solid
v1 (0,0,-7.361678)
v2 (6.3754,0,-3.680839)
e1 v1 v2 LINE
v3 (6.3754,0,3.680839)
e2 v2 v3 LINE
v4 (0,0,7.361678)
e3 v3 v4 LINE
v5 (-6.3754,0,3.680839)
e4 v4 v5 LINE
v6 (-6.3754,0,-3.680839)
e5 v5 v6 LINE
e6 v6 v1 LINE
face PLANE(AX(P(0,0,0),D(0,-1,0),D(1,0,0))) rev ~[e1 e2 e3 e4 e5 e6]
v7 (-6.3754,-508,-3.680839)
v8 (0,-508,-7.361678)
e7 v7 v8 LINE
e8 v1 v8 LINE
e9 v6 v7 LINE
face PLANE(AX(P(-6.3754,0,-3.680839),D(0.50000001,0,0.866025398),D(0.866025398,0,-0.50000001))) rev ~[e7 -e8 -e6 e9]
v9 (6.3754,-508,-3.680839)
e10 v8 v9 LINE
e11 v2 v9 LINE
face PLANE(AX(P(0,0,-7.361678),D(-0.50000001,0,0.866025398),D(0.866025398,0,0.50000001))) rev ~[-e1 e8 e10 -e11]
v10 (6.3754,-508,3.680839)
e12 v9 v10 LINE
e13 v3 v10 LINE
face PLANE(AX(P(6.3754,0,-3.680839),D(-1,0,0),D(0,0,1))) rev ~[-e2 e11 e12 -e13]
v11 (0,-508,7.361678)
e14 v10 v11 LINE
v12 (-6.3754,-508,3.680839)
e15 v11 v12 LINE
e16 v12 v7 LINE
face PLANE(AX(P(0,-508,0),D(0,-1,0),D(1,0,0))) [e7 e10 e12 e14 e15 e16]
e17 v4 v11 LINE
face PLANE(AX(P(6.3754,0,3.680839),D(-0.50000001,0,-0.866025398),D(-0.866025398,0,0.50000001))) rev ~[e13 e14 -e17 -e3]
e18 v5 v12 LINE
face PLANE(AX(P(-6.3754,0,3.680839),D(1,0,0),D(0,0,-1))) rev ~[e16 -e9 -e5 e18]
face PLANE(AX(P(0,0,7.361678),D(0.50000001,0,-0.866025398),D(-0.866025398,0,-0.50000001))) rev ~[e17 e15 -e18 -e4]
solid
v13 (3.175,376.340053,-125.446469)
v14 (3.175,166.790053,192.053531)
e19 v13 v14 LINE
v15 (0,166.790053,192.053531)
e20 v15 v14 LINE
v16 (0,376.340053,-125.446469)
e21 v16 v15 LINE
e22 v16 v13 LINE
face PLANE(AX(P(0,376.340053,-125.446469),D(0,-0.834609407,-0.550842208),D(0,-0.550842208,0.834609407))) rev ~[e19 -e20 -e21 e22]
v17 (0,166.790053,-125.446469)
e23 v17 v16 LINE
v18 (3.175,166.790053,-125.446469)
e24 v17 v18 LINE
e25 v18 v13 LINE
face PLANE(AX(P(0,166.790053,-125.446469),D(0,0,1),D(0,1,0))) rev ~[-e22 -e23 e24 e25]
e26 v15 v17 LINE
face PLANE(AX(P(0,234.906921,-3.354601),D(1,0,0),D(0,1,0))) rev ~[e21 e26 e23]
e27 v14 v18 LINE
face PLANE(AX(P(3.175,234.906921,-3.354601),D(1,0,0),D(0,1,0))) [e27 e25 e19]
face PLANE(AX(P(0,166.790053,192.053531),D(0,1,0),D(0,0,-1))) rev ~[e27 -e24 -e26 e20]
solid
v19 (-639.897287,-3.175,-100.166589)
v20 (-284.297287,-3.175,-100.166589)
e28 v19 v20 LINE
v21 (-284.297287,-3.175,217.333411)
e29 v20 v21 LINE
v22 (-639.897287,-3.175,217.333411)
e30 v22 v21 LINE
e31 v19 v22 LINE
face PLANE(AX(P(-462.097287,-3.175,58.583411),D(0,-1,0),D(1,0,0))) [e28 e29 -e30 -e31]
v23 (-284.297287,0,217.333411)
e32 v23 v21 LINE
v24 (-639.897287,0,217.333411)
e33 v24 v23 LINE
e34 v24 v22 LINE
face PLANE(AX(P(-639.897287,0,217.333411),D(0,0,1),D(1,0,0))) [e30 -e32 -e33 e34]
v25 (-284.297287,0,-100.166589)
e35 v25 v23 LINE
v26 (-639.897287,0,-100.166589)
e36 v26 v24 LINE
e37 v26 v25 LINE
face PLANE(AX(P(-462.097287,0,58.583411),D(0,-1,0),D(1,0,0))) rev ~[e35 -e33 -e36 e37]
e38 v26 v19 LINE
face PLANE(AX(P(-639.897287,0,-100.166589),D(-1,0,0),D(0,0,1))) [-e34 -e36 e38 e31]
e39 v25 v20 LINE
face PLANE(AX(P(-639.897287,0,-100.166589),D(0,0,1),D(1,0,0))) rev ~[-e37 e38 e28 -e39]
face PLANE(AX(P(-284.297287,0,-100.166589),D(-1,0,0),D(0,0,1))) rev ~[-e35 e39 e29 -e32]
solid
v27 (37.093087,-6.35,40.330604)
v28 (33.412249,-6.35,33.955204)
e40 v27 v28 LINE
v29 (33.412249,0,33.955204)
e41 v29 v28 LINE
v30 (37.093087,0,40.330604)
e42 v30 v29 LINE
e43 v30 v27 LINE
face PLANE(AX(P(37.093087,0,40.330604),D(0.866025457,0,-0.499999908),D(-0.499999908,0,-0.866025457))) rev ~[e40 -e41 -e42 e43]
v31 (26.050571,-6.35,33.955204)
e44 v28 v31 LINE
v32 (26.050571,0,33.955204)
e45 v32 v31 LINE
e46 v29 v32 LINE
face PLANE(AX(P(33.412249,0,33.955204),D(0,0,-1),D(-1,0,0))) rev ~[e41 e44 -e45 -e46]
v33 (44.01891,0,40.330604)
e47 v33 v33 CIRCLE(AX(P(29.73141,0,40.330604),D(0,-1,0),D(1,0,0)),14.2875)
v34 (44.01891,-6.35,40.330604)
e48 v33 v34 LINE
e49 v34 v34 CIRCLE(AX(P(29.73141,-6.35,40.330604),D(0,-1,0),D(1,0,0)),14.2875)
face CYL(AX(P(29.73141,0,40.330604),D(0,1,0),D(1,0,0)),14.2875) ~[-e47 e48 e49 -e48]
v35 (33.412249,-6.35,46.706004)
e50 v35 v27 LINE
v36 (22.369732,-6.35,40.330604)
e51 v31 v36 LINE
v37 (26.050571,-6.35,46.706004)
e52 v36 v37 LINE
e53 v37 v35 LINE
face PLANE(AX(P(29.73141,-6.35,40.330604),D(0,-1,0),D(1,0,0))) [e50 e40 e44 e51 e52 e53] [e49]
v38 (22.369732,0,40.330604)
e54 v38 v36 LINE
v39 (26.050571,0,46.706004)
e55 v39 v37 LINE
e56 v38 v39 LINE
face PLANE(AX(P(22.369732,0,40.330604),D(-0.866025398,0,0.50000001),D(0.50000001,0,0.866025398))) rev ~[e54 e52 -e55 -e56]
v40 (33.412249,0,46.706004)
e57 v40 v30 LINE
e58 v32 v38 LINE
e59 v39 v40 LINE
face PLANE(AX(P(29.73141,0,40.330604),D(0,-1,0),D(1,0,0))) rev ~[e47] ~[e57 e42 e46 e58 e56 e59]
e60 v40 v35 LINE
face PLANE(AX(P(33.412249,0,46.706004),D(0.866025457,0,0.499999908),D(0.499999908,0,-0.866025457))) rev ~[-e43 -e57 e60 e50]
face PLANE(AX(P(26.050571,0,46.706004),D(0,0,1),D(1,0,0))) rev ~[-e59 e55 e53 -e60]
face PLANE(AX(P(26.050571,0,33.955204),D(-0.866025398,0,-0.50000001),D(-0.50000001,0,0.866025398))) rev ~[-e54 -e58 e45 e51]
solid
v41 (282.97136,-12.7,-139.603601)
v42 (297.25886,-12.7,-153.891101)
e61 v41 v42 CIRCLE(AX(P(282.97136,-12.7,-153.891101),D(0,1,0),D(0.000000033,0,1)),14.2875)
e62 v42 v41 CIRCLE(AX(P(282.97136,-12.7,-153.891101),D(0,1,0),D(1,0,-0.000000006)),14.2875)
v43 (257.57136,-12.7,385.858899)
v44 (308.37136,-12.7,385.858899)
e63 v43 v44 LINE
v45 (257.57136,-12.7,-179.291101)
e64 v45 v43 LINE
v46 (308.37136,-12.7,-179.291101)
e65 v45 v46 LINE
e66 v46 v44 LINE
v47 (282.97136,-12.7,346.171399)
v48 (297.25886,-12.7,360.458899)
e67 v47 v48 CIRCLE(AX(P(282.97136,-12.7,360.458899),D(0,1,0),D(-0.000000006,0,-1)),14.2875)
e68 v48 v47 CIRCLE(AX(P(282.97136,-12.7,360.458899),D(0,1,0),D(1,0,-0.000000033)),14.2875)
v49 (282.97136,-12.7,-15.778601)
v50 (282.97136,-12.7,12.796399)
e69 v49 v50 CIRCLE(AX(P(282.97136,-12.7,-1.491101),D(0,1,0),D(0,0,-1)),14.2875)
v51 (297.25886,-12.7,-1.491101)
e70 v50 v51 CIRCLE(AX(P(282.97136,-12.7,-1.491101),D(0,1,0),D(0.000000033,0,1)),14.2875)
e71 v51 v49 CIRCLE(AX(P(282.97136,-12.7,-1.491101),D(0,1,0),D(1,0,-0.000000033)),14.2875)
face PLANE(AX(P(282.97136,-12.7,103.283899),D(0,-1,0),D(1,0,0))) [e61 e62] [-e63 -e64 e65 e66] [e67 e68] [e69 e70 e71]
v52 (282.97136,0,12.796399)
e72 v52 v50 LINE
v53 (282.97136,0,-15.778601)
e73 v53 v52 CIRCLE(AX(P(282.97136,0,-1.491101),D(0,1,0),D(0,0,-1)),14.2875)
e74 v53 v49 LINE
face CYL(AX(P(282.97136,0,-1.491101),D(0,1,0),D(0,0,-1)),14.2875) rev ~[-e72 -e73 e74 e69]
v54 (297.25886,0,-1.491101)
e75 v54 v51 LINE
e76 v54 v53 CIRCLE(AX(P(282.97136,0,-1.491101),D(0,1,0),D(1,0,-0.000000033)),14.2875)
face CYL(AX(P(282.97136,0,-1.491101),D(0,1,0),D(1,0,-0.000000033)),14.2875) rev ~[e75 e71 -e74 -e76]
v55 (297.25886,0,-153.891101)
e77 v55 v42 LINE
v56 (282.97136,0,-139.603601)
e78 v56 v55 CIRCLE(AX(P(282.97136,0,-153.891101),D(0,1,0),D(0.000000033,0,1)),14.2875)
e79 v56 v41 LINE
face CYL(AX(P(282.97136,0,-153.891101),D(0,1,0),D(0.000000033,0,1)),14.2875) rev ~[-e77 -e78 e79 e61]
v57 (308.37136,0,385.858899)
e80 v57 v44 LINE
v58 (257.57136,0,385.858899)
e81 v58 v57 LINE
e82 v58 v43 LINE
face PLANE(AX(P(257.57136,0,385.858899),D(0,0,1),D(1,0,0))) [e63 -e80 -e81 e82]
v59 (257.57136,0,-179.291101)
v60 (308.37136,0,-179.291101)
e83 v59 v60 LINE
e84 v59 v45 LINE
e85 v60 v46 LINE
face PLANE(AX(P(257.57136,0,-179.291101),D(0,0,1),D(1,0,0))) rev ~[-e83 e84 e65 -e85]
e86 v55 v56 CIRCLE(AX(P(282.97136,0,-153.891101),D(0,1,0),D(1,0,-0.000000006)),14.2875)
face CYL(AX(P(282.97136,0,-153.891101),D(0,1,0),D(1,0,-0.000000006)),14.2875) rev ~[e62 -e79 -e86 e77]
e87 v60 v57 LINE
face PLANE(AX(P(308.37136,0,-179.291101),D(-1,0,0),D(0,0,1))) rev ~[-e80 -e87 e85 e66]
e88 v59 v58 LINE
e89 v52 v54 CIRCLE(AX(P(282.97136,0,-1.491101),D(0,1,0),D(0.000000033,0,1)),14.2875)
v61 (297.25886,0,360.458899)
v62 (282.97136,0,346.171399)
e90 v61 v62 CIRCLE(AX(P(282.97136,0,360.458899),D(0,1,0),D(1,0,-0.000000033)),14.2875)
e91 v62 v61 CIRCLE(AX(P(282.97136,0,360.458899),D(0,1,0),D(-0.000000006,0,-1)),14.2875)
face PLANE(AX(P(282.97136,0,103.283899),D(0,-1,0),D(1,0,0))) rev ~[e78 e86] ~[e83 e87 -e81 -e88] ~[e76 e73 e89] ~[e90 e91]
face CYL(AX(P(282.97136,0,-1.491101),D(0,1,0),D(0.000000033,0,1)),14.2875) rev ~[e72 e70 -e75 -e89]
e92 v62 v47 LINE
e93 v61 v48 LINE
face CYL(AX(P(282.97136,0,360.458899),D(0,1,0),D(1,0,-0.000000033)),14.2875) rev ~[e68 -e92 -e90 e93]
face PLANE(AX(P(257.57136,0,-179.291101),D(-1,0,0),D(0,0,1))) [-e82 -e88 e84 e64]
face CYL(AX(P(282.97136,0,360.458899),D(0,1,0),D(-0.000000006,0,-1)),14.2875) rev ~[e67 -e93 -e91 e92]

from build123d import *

# Parameters (mm, degrees)
F1_DEPTH = 508
F2_W     = 50.8
F2_H     = 565.15
F3_DEPTH = 12.7
F4_R     = 14.2875
F5_DEPTH = 6.35
F6_W     = 355.6
F6_H     = 317.5
F7_DEPTH = 3.175
F9_DEPTH = 3.175


with BuildPart() as f1:
    # F0 (on Front) → F1 (new body)
    with BuildSketch(Plane.XZ):
        Polygon((6.3754, -3.680839), (6.3754, 3.680839), (0, 7.361678), (-6.3754, 3.680839), (-6.3754, -3.680839), (0, -7.361678), align=None)
    extrude(amount=F1_DEPTH)


with BuildPart() as f3:
    # F2 (on Front) → F3 (new body)
    with BuildSketch(Plane.XZ):
        with Locations((282.97136, 103.283899)):
            Rectangle(F2_W, F2_H)
        with BuildLine():
            ThreePointArc((297.25886, -153.891101), (272.868572, -163.993889), (282.97136, -139.603601))
            ThreePointArc((282.97136, -139.603601), (293.074148, -143.788313), (297.25886, -153.891101))
        make_face(mode=Mode.SUBTRACT)
        with BuildLine():
            ThreePointArc((297.25886, -1.491101), (293.074148, -11.593889), (282.97136, -15.778601))
            ThreePointArc((282.97136, -15.778601), (268.68386, -1.491101), (282.97136, 12.796399))
            ThreePointArc((282.97136, 12.796399), (293.074148, 8.611687), (297.25886, -1.491101))
        make_face(mode=Mode.SUBTRACT)
        with BuildLine():
            ThreePointArc((297.25886, 360.458899), (293.074148, 350.356111), (282.97136, 346.171399))
            ThreePointArc((282.97136, 346.171399), (272.868572, 370.561687), (297.25886, 360.458899))
        make_face(mode=Mode.SUBTRACT)
    extrude(amount=F3_DEPTH)


with BuildPart() as f5:
    # F4 (on Front) → F5 (new body)
    with BuildSketch(Plane.XZ):
        with Locations((29.73141, 40.330604)):
            Circle(F4_R)
        Polygon((37.093087, 40.330604), (33.412249, 33.955204), (26.050571, 33.955204), (22.369732, 40.330604), (26.050571, 46.706004), (33.412249, 46.706004), align=None, mode=Mode.SUBTRACT)
    extrude(amount=F5_DEPTH)


with BuildPart() as f7:
    # F6 (on Front) → F7 (new body)
    with BuildSketch(Plane.XZ):
        with Locations((-462.097287, 58.583411)):
            Rectangle(F6_W, F6_H)
    extrude(amount=F7_DEPTH)


with BuildPart() as f9:
    # F8 (on Right) → F9 (new body)
    with BuildSketch(Plane.YZ):
        Polygon((376.340053, -125.446469), (166.790053, 192.053531), (166.790053, -125.446469), align=None)
    extrude(amount=F9_DEPTH)


solid = Compound([f1.part, f3.part, f5.part, f7.part, f9.part])
